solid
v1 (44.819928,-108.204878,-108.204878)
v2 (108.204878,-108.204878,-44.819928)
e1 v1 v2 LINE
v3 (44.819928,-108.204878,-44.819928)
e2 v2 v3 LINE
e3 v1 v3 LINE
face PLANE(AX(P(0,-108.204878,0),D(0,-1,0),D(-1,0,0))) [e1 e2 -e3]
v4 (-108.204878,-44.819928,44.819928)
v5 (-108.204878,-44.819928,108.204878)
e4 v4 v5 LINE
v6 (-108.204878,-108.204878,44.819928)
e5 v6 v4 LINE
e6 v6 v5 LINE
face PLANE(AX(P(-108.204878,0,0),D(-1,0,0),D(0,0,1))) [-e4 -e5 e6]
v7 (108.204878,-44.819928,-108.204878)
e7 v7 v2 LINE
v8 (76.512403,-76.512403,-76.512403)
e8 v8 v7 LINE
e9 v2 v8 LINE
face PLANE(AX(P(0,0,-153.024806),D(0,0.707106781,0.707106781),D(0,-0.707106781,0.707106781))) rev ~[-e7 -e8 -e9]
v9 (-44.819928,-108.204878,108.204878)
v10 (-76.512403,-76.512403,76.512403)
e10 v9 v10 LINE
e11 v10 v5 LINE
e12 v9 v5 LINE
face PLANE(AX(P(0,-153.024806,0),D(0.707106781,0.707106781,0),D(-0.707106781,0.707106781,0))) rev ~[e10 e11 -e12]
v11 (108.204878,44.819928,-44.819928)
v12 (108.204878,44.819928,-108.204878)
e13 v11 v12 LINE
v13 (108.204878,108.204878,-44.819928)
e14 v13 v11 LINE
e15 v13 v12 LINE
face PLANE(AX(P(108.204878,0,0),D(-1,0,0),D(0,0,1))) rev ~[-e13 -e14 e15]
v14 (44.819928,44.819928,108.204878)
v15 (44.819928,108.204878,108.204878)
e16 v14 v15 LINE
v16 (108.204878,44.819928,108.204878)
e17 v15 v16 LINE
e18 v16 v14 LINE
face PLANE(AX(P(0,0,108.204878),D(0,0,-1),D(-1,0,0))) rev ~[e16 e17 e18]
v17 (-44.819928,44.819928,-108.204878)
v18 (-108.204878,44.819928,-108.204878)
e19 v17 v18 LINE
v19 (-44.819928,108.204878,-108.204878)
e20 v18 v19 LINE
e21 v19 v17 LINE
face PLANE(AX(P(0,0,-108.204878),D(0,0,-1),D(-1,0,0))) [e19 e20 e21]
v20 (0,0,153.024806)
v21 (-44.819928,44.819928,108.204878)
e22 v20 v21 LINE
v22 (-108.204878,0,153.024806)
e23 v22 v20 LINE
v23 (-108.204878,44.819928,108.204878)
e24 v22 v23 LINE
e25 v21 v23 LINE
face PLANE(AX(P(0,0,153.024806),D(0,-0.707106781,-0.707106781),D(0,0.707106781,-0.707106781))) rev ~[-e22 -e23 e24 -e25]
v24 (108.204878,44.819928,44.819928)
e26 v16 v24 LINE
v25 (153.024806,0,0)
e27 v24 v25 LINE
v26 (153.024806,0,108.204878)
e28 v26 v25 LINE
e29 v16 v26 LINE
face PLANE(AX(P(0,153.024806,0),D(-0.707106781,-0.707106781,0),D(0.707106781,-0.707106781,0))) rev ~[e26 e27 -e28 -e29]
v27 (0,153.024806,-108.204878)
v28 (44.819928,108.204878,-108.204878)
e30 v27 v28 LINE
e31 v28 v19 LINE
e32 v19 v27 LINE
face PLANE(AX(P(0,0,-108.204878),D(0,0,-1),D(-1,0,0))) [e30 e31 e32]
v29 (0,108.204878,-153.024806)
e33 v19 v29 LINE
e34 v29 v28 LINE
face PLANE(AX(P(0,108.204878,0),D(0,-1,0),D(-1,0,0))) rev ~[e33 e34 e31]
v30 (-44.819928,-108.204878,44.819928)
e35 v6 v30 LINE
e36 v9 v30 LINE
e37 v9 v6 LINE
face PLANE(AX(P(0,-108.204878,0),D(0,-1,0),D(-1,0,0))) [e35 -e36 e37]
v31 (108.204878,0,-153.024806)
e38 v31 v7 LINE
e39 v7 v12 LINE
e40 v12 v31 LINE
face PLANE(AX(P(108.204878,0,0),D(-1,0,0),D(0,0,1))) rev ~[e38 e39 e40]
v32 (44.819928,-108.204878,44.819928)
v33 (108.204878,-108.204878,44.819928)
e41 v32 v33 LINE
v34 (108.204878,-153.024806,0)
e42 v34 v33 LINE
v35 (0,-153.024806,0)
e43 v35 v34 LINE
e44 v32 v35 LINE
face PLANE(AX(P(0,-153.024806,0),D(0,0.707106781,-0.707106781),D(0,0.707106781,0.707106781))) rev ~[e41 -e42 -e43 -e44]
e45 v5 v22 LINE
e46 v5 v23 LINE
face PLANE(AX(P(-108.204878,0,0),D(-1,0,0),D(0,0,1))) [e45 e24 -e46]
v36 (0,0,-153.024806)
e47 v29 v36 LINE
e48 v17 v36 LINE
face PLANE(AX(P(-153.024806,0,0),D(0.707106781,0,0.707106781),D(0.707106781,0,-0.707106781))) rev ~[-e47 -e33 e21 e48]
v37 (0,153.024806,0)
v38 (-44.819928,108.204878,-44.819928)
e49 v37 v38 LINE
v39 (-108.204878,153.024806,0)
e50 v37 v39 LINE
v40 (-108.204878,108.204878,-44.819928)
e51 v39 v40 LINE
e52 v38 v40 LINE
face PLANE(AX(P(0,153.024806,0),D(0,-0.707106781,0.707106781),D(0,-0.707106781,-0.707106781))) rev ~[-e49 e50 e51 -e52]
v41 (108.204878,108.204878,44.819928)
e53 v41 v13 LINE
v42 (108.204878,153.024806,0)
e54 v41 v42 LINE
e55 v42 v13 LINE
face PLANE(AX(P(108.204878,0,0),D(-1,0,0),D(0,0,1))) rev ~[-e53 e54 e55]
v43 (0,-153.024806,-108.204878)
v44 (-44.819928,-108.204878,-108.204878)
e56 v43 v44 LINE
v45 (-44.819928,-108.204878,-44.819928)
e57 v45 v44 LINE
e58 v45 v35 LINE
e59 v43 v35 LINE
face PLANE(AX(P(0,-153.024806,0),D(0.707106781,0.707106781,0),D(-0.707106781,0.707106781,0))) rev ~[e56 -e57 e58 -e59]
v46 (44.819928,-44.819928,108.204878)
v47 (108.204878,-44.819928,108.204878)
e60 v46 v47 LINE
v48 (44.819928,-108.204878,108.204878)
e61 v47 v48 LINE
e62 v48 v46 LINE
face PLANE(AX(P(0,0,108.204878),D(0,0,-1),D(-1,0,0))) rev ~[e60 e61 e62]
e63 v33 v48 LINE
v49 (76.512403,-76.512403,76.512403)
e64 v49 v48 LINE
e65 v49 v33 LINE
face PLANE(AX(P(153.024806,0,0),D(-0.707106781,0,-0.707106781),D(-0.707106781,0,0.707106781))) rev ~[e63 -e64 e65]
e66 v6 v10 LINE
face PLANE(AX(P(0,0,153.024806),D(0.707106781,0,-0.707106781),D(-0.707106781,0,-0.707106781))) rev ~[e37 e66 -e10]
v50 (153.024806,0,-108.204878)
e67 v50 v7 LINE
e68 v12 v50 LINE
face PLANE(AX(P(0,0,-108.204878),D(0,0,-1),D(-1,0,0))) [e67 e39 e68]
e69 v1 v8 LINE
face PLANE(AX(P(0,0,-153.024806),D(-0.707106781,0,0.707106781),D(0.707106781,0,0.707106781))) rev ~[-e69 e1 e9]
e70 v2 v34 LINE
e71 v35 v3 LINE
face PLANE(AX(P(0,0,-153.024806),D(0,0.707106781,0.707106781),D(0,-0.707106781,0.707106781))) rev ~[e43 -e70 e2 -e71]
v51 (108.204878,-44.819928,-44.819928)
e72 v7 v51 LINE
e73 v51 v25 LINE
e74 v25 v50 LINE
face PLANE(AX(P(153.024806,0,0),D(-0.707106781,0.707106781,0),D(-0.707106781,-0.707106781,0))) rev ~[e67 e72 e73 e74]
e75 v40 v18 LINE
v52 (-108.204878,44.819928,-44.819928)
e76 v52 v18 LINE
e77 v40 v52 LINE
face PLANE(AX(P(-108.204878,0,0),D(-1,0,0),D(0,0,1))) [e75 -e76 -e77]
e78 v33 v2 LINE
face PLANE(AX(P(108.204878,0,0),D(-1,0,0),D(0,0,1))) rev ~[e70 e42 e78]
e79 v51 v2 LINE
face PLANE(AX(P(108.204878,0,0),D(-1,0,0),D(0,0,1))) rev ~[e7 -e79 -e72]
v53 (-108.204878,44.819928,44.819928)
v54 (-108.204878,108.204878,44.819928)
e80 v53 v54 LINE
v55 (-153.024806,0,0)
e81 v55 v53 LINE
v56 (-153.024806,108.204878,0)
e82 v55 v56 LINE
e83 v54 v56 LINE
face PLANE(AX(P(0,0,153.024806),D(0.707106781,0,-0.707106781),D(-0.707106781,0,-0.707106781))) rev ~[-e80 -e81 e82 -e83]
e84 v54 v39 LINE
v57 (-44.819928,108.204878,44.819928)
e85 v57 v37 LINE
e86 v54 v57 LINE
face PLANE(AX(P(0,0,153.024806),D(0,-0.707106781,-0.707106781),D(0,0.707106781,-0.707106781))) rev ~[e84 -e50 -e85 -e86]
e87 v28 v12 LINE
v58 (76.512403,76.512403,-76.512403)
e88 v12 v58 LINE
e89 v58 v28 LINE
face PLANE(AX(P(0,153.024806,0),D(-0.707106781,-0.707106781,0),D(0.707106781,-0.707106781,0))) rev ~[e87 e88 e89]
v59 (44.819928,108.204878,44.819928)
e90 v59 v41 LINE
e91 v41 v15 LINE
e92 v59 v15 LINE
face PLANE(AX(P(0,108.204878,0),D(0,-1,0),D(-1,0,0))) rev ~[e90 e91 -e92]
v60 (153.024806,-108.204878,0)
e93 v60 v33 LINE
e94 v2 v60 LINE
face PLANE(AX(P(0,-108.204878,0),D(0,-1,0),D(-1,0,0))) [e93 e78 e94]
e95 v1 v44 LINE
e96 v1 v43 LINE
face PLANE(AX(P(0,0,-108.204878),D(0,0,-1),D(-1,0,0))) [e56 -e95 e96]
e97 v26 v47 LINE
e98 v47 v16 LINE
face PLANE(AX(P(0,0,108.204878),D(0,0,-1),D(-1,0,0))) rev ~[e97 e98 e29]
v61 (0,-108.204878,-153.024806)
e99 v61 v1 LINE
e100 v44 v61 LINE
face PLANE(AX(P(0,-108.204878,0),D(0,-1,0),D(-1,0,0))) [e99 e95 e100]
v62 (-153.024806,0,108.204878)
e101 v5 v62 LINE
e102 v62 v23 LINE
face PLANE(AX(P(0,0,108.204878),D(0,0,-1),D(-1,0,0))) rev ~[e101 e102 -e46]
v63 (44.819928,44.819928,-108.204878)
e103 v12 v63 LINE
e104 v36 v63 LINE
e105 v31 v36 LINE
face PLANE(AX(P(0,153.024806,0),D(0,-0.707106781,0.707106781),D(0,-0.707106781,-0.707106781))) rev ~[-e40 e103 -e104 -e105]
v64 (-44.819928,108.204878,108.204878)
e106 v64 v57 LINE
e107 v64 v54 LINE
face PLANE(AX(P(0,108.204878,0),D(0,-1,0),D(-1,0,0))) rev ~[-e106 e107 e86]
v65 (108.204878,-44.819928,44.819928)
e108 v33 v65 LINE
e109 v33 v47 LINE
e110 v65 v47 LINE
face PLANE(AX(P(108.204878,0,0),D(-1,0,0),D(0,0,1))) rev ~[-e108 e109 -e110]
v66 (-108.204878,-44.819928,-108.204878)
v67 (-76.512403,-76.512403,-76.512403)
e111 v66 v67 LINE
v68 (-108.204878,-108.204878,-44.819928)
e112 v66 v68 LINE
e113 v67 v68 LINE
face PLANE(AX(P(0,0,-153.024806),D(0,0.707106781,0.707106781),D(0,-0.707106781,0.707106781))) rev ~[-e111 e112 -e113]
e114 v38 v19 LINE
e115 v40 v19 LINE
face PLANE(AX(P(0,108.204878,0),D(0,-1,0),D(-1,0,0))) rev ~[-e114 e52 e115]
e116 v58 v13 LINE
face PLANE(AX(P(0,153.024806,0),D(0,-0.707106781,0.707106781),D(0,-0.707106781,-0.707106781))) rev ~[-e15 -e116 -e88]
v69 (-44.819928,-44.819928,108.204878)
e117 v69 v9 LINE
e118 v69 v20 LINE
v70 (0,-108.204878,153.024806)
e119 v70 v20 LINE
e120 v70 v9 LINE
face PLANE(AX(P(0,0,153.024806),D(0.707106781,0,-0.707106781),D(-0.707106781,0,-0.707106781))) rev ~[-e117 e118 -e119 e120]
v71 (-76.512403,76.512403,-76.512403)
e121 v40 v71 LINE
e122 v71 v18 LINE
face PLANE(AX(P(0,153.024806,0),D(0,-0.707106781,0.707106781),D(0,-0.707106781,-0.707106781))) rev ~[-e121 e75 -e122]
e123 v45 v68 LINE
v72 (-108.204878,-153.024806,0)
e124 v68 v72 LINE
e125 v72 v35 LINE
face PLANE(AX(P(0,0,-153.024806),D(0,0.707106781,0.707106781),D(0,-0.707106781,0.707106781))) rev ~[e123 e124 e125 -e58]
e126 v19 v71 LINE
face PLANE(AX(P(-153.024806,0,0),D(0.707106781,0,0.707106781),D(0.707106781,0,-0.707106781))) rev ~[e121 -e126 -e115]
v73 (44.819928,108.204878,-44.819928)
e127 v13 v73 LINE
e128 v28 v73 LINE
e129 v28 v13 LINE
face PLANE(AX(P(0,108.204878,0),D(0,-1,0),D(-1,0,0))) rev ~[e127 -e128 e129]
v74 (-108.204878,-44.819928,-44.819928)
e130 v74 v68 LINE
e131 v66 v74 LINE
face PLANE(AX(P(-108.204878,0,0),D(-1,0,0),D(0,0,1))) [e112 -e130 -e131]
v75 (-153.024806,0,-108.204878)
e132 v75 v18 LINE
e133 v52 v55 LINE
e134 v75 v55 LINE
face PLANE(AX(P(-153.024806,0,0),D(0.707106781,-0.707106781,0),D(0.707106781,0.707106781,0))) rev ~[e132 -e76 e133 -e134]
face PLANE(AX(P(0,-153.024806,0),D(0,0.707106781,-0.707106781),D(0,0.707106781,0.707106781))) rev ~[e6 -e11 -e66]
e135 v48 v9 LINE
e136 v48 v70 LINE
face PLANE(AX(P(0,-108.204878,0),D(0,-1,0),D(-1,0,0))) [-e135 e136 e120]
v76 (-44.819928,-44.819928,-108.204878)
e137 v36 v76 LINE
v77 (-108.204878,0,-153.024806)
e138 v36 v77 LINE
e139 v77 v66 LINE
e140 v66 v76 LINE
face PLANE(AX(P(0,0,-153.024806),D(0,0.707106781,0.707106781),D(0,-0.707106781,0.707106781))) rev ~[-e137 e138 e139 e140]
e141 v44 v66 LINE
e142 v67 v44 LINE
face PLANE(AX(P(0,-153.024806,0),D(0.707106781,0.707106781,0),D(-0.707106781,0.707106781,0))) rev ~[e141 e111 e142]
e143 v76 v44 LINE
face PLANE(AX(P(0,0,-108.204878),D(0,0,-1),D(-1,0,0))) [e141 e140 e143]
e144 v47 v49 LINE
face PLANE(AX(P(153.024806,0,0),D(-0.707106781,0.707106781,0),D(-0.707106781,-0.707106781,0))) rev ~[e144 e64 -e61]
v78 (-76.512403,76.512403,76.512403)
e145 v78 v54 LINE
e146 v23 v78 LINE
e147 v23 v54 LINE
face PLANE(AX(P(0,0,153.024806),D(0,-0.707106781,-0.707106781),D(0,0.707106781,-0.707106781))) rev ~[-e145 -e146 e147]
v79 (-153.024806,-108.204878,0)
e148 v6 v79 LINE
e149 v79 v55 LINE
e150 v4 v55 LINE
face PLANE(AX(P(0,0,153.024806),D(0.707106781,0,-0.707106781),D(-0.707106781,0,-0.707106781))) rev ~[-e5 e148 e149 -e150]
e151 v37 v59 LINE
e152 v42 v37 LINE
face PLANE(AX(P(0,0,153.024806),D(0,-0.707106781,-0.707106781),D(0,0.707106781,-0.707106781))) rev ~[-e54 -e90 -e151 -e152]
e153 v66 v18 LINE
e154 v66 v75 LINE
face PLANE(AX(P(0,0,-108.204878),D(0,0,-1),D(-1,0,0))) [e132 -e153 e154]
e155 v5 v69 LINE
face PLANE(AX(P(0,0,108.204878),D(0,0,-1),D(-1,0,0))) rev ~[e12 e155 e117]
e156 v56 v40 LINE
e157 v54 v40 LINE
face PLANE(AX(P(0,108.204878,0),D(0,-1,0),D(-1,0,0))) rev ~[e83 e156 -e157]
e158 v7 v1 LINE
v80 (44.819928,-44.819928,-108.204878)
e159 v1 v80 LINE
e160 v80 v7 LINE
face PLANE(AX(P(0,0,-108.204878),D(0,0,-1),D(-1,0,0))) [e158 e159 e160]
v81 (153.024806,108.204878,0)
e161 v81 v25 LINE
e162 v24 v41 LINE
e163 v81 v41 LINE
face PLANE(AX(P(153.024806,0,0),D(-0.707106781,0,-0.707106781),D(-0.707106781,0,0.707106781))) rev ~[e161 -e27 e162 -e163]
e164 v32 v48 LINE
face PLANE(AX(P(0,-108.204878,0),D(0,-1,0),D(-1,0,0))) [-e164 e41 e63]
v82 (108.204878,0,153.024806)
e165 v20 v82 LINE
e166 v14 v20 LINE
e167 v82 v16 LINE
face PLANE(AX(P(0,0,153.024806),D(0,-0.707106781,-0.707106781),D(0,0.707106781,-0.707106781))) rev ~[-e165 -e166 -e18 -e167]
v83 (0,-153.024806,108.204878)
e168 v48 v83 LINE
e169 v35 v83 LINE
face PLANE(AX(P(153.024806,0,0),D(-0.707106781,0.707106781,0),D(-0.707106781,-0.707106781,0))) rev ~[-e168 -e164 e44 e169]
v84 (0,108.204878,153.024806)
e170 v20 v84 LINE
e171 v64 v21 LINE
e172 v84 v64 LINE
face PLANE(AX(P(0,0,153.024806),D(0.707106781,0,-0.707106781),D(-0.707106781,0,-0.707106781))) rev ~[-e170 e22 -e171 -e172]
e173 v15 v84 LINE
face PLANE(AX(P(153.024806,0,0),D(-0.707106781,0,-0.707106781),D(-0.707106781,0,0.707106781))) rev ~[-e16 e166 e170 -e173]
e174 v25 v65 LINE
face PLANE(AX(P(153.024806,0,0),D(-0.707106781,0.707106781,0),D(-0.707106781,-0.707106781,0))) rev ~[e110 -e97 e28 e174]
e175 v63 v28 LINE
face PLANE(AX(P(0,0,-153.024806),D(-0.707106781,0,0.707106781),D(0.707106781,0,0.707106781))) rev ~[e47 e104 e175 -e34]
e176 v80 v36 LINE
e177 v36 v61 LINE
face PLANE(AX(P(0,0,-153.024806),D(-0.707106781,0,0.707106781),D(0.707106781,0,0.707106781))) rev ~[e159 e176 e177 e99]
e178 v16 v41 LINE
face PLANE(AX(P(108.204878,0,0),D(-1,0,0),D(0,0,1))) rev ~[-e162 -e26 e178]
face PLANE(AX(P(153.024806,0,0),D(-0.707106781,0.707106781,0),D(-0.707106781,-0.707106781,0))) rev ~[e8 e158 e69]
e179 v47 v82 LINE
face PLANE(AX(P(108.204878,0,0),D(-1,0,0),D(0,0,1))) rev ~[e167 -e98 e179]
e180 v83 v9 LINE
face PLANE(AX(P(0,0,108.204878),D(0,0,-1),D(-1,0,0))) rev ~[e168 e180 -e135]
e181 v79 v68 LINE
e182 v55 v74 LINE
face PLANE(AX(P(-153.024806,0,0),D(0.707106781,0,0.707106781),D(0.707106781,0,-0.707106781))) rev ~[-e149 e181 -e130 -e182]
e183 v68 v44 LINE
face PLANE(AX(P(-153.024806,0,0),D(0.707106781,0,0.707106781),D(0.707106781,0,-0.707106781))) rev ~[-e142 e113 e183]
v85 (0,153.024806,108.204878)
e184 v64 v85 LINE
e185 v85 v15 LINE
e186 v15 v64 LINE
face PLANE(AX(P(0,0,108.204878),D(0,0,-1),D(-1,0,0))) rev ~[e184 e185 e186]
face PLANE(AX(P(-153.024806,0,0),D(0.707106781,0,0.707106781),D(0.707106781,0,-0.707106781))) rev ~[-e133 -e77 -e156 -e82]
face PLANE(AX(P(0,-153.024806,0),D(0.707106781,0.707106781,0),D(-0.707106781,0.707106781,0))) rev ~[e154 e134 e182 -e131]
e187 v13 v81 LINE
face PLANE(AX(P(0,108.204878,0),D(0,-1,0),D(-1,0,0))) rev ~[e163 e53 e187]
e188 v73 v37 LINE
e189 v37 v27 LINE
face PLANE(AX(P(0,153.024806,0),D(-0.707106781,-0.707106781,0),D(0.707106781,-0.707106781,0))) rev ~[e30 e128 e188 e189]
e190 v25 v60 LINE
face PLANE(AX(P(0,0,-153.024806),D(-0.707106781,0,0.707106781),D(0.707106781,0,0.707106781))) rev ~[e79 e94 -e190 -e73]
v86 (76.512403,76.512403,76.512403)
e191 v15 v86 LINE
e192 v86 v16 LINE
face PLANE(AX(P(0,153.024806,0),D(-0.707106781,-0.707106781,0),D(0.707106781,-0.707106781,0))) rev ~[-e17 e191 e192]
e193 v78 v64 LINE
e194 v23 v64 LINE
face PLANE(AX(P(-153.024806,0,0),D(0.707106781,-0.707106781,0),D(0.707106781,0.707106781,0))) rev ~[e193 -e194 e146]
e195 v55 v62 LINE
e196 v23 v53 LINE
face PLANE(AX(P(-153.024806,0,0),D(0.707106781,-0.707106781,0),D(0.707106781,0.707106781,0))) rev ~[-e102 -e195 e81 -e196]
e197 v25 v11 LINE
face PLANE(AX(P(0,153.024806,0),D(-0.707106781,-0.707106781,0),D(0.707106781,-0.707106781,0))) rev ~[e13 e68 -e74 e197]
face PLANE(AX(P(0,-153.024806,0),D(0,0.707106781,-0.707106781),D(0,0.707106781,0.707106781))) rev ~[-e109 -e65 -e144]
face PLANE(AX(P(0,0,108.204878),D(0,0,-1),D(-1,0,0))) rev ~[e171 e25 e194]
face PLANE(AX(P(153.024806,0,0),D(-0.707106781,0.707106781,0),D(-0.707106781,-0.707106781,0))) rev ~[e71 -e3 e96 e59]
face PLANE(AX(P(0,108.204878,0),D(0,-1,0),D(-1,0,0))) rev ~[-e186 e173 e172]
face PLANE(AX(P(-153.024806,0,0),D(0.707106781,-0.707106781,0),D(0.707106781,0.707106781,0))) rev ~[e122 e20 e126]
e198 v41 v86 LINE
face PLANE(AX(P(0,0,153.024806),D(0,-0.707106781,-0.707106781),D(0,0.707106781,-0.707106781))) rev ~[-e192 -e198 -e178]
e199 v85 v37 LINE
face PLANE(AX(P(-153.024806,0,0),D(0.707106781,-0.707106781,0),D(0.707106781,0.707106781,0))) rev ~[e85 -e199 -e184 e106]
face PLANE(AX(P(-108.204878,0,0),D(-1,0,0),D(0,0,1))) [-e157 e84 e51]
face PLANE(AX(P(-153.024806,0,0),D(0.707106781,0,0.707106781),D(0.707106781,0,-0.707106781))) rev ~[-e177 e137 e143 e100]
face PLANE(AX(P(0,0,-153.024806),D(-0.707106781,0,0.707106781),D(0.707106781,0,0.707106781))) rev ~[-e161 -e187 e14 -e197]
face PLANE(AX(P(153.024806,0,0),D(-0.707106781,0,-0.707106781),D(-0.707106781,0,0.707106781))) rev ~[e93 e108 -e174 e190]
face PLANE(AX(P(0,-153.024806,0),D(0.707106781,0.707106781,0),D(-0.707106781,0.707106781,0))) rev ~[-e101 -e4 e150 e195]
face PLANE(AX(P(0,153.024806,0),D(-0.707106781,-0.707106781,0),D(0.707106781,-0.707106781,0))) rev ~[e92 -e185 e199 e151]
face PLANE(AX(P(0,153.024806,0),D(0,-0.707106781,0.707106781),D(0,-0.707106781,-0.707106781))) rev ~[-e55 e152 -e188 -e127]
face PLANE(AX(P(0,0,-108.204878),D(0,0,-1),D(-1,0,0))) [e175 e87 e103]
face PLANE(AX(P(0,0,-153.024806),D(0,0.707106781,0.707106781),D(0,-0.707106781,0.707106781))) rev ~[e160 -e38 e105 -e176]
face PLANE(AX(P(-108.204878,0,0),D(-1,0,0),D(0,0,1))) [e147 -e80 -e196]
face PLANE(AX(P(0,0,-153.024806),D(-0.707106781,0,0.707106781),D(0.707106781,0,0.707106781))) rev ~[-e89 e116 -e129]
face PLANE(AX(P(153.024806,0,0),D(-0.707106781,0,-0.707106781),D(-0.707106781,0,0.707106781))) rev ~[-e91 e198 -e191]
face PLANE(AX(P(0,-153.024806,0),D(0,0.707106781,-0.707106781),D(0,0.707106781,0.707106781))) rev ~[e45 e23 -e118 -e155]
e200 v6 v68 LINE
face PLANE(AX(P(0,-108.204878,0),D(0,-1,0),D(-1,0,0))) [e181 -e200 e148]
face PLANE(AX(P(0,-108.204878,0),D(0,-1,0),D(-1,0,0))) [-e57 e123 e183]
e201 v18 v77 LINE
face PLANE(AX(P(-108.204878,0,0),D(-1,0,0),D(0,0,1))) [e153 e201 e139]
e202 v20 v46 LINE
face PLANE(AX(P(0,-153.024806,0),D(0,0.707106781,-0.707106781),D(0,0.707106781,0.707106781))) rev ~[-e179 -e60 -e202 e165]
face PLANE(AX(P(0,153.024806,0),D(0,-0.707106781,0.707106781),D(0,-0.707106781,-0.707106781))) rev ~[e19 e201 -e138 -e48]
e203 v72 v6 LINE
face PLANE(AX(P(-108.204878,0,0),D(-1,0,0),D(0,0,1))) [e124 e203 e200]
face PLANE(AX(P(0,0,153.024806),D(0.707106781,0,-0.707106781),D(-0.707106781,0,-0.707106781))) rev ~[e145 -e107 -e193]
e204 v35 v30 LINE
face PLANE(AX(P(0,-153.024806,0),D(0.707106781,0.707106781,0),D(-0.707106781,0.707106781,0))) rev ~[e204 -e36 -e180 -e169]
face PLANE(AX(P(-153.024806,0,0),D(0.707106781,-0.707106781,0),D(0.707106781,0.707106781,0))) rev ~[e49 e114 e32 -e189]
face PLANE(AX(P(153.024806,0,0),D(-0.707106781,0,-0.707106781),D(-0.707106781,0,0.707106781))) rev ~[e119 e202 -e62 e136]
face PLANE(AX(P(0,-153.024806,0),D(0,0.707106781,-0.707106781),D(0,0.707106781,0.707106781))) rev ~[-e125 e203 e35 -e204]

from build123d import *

# Parameters (mm, degrees)
BOSS_EXTRUDE1_DEPTH = 108.204878078
BOSS_EXTRUDE2_DEPTH = 108.204878078
BOSS_EXTRUDE3_DEPTH = 108.204878078


with BuildPart() as part:
    # Sketch3 → Boss-Extrude1 (new body, symmetric)
    with BuildSketch(Plane.XY):
        Polygon((-153.024806093, 0), (0, 153.024806093), (153.024806093, 0), (0, -153.024806093), align=None)
    extrude(amount=BOSS_EXTRUDE1_DEPTH, both=True)

    # Sketch4 → Boss-Extrude2 (add, symmetric)
    with BuildSketch(Plane(origin=(0, 0, 0), x_dir=(1, 0, 0), z_dir=(0, 1, 0))):
        Polygon((-153.024806093, 0), (0, 153.024806093), (153.024806093, 0), (0, -153.024806093), align=None)
    extrude(amount=BOSS_EXTRUDE2_DEPTH, both=True)

    # Sketch5 → Boss-Extrude3 (add, symmetric)
    with BuildSketch(Plane(origin=(0, 0, 0), x_dir=(0, 0, -1), z_dir=(1, 0, 0))):
        Polygon((-153.024806093, 0), (0, 153.024806093), (153.024806093, 0), (0, -153.024806093), align=None)
    extrude(amount=BOSS_EXTRUDE3_DEPTH, both=True)


solid = part.part
